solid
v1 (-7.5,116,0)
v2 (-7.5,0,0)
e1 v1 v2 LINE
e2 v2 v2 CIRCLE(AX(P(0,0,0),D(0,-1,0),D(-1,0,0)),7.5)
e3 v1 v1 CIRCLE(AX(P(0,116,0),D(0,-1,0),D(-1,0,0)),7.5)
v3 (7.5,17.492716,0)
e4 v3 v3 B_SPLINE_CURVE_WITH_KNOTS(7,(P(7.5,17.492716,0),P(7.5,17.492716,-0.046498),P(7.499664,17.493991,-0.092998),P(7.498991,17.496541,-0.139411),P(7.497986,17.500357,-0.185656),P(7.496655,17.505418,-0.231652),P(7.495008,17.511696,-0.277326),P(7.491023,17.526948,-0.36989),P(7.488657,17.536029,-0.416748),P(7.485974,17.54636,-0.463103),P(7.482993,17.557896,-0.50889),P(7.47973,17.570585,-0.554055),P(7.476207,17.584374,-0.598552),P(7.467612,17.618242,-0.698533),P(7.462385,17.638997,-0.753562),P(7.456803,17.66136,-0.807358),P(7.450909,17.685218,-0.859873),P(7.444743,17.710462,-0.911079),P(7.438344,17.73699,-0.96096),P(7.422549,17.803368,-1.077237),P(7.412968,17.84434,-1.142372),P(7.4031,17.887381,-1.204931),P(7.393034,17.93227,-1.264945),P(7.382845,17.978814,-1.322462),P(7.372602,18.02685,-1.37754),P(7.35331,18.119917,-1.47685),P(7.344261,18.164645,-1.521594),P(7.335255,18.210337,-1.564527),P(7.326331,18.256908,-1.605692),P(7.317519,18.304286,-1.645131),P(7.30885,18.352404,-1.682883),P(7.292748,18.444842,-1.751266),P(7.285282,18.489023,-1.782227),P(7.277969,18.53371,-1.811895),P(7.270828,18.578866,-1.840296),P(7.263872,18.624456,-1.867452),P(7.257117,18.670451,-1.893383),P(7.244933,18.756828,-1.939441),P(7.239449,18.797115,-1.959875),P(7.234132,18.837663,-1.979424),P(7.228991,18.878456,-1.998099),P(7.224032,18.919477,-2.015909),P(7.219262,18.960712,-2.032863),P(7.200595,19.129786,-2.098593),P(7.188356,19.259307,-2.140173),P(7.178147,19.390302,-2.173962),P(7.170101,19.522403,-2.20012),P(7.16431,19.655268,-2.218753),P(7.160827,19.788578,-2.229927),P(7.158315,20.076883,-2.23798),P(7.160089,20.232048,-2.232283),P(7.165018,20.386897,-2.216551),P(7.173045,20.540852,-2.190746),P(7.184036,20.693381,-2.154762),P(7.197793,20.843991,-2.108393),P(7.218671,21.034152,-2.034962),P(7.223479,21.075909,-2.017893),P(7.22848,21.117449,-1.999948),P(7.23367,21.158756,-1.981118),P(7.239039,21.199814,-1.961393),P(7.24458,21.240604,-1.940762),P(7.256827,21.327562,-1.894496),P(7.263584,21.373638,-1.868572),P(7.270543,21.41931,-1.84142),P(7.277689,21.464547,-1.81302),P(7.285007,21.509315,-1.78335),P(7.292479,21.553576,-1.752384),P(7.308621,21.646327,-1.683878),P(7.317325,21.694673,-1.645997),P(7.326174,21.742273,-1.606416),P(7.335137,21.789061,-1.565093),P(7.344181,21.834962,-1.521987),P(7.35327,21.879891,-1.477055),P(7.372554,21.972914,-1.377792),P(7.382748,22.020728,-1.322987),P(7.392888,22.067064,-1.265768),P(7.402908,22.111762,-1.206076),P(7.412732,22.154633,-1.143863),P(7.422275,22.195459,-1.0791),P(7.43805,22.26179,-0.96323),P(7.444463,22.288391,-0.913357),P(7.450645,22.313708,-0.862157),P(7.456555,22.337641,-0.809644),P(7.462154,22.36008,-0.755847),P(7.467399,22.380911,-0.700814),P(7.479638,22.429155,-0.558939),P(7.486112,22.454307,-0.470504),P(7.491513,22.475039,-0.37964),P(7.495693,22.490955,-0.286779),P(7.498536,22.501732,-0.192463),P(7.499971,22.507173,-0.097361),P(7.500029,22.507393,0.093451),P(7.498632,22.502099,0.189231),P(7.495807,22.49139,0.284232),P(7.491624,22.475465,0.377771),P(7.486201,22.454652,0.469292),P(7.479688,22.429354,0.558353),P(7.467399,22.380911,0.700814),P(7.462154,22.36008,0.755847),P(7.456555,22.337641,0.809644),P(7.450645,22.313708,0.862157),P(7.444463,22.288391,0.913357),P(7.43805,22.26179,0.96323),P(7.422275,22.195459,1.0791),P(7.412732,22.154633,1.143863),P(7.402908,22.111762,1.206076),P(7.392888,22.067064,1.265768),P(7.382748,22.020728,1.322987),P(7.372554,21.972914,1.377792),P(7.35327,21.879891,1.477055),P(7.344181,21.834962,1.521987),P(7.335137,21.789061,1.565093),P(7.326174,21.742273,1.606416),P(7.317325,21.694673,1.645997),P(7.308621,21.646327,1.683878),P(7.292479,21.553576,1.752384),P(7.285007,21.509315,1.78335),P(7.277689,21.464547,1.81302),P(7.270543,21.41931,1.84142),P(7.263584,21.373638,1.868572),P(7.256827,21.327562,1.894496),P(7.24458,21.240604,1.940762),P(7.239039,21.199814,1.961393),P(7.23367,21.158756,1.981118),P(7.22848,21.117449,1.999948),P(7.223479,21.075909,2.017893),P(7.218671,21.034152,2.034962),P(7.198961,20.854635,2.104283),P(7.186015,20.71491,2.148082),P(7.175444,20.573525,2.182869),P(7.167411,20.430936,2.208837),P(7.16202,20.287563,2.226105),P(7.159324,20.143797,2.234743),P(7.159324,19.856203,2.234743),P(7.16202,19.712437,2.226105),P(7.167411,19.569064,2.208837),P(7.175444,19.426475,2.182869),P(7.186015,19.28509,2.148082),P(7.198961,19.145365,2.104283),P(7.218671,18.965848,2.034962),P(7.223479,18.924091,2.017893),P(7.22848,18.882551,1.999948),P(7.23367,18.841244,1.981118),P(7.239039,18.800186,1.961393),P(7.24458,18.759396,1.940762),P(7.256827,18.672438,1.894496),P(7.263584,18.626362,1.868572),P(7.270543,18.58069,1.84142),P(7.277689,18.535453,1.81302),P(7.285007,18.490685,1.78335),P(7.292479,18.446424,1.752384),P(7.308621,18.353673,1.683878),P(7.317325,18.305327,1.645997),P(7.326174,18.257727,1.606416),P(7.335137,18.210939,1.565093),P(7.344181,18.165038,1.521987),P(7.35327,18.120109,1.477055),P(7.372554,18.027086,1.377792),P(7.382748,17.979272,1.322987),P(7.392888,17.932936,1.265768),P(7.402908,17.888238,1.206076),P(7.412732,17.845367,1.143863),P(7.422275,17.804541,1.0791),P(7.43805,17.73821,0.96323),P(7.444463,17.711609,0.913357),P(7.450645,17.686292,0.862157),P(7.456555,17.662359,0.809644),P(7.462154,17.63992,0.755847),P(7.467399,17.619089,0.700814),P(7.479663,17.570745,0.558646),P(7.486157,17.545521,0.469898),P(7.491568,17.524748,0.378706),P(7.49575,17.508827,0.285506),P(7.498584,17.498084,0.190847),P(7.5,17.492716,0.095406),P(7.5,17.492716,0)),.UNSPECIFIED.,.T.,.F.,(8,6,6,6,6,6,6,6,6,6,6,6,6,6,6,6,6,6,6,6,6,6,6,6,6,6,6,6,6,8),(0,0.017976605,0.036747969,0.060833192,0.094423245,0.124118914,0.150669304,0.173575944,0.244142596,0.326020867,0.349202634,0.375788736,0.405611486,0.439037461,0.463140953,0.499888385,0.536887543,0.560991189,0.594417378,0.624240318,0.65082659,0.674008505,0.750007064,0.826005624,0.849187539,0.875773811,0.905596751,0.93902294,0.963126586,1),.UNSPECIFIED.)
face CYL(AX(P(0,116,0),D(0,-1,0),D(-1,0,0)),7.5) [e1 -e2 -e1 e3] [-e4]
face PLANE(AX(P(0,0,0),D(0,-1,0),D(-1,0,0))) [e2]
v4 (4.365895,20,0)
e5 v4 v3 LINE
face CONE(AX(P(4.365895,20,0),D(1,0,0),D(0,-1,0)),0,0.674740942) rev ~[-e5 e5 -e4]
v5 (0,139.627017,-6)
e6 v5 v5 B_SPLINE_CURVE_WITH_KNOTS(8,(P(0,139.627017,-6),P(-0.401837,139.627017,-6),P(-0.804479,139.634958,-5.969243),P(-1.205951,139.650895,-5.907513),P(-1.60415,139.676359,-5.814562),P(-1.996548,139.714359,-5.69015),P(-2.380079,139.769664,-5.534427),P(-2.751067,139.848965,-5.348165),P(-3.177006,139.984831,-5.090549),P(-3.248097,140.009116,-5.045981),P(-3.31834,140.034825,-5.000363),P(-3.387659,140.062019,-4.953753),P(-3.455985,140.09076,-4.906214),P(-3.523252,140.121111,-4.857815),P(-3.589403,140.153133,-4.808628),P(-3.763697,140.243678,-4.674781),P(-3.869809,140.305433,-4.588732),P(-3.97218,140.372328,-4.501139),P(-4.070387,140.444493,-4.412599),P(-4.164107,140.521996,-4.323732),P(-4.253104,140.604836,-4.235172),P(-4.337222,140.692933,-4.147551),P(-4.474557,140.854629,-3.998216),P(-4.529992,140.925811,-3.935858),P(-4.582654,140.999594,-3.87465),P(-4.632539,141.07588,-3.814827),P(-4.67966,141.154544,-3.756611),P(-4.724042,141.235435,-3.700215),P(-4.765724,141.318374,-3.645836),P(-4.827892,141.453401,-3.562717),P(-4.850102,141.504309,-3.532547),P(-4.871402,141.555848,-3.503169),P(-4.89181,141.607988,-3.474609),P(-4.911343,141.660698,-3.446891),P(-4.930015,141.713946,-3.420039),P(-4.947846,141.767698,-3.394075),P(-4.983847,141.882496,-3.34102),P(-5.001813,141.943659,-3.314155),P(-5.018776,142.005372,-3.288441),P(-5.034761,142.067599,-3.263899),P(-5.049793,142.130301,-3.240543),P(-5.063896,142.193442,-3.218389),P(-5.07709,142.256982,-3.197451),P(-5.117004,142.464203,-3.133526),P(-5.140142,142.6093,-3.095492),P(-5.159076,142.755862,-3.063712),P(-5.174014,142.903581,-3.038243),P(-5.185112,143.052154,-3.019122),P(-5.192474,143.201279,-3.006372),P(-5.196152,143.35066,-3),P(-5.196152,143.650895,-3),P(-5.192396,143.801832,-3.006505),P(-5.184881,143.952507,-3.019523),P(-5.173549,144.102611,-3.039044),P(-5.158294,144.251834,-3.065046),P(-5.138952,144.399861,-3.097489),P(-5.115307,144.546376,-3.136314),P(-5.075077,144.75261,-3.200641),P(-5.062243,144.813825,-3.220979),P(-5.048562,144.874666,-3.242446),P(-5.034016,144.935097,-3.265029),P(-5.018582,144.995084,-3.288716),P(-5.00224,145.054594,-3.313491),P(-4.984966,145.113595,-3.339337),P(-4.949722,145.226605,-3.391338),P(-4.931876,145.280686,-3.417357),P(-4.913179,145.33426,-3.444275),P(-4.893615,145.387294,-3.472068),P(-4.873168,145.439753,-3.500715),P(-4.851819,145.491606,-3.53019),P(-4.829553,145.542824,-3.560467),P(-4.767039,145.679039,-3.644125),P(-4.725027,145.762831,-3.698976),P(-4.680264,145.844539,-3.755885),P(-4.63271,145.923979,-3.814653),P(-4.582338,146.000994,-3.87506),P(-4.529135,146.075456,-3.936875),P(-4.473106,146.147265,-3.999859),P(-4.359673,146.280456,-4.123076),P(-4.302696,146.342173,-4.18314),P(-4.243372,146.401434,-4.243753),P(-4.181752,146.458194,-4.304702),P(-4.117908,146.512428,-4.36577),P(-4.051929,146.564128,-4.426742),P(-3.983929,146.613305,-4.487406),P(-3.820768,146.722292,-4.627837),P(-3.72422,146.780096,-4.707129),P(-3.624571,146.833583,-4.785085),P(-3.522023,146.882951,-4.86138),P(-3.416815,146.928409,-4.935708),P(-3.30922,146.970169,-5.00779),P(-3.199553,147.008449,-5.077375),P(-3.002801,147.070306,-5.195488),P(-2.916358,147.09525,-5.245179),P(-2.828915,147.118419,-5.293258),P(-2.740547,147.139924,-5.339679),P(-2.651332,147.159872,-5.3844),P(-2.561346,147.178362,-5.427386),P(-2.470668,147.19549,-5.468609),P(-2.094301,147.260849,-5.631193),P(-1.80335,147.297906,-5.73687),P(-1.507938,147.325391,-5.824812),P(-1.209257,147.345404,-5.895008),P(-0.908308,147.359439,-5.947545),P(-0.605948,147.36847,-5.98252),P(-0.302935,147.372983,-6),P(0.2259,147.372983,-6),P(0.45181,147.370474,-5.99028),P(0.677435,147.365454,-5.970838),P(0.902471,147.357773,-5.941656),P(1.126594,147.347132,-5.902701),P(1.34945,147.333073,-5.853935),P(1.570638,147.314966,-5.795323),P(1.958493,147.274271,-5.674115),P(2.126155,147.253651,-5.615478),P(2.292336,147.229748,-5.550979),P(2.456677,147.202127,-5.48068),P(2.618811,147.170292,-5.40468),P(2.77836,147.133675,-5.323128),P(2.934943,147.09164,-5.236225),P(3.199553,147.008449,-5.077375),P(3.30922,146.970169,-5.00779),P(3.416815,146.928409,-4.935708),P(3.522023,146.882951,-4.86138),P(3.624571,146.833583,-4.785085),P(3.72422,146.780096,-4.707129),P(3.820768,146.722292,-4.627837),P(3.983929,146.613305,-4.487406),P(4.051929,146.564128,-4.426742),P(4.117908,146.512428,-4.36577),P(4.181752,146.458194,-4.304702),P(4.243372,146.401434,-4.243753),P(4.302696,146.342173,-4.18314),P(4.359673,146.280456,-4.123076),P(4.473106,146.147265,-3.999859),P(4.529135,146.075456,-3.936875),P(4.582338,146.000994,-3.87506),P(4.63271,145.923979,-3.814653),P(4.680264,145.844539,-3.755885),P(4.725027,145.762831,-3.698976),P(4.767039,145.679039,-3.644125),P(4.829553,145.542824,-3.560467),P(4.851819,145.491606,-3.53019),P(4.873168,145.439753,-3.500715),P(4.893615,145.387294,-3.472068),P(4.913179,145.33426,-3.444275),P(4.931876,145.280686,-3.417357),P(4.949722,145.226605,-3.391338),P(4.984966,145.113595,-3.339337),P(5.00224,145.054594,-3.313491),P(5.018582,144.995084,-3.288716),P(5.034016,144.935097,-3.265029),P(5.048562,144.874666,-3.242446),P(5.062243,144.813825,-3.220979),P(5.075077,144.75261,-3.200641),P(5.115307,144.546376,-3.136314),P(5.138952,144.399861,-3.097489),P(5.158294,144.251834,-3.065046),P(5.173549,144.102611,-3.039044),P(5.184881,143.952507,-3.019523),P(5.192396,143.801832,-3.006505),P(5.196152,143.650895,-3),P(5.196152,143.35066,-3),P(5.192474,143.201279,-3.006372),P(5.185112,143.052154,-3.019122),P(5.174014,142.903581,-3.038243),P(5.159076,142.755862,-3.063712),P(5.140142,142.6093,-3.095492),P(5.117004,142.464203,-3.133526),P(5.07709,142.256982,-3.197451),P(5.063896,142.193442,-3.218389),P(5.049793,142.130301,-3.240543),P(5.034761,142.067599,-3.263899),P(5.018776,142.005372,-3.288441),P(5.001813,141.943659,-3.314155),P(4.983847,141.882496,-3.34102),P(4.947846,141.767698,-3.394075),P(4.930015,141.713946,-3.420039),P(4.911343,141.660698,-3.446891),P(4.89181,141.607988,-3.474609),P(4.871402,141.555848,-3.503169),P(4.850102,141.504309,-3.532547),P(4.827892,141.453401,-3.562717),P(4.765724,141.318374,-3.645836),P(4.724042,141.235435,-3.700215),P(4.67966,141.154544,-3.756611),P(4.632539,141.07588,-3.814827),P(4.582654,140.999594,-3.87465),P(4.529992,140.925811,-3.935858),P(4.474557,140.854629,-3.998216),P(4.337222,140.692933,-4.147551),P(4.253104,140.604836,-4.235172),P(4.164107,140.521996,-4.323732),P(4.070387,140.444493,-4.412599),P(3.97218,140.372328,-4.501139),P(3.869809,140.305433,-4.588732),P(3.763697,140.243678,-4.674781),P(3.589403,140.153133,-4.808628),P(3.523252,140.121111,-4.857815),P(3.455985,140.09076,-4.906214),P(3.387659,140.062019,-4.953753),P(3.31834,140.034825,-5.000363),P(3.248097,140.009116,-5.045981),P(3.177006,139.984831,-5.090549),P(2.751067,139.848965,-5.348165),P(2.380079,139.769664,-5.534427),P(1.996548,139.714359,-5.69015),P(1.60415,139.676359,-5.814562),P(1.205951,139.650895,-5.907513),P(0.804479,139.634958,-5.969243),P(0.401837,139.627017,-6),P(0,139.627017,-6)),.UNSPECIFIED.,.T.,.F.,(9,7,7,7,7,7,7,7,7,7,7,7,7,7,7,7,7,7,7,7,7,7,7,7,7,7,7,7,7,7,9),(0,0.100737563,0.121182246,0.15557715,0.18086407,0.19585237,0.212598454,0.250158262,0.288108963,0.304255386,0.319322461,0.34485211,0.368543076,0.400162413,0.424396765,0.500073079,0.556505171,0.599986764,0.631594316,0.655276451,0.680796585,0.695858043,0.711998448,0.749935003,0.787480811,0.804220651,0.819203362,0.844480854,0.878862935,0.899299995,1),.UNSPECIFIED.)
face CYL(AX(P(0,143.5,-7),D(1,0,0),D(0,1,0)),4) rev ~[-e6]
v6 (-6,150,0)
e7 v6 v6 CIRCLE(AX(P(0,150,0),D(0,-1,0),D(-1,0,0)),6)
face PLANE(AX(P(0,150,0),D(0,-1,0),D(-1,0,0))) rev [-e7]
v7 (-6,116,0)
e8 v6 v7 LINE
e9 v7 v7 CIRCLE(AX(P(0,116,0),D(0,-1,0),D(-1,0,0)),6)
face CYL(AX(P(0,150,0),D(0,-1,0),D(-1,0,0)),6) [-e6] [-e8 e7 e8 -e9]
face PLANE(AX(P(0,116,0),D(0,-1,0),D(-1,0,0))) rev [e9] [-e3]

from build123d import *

# Parameters (mm, degrees)
F4_R     = 4
F5_DEPTH = 12.5


with BuildPart() as f1:
    # F0 (on Top) → F1 (revolve)
    with BuildSketch(Plane.XY):
        Polygon((-7.5, 0), (0, 0), (0, 150), (-6, 150), (-6, 116), (-7.5, 116), align=None)
    revolve(axis=Axis((0, 75, 0), (0, -1, 0)))

    # F2 (on Top) → F3 (revolve, cut)
    with BuildSketch(Plane.XY):
        Polygon((4.365895, 20), (9.365895, 16), (9.365895, 20), align=None)
    revolve(axis=Axis((12.081508, 20, 0), (1, 0, 0)), mode=Mode.SUBTRACT)

    # F4 (on Right) → F5 (cut, symmetric)
    with BuildSketch(Plane.YZ):
        with Locations((143.5, -7)):
            Circle(F4_R)
    extrude(amount=F5_DEPTH, both=True, mode=Mode.SUBTRACT)


solid = f1.part
